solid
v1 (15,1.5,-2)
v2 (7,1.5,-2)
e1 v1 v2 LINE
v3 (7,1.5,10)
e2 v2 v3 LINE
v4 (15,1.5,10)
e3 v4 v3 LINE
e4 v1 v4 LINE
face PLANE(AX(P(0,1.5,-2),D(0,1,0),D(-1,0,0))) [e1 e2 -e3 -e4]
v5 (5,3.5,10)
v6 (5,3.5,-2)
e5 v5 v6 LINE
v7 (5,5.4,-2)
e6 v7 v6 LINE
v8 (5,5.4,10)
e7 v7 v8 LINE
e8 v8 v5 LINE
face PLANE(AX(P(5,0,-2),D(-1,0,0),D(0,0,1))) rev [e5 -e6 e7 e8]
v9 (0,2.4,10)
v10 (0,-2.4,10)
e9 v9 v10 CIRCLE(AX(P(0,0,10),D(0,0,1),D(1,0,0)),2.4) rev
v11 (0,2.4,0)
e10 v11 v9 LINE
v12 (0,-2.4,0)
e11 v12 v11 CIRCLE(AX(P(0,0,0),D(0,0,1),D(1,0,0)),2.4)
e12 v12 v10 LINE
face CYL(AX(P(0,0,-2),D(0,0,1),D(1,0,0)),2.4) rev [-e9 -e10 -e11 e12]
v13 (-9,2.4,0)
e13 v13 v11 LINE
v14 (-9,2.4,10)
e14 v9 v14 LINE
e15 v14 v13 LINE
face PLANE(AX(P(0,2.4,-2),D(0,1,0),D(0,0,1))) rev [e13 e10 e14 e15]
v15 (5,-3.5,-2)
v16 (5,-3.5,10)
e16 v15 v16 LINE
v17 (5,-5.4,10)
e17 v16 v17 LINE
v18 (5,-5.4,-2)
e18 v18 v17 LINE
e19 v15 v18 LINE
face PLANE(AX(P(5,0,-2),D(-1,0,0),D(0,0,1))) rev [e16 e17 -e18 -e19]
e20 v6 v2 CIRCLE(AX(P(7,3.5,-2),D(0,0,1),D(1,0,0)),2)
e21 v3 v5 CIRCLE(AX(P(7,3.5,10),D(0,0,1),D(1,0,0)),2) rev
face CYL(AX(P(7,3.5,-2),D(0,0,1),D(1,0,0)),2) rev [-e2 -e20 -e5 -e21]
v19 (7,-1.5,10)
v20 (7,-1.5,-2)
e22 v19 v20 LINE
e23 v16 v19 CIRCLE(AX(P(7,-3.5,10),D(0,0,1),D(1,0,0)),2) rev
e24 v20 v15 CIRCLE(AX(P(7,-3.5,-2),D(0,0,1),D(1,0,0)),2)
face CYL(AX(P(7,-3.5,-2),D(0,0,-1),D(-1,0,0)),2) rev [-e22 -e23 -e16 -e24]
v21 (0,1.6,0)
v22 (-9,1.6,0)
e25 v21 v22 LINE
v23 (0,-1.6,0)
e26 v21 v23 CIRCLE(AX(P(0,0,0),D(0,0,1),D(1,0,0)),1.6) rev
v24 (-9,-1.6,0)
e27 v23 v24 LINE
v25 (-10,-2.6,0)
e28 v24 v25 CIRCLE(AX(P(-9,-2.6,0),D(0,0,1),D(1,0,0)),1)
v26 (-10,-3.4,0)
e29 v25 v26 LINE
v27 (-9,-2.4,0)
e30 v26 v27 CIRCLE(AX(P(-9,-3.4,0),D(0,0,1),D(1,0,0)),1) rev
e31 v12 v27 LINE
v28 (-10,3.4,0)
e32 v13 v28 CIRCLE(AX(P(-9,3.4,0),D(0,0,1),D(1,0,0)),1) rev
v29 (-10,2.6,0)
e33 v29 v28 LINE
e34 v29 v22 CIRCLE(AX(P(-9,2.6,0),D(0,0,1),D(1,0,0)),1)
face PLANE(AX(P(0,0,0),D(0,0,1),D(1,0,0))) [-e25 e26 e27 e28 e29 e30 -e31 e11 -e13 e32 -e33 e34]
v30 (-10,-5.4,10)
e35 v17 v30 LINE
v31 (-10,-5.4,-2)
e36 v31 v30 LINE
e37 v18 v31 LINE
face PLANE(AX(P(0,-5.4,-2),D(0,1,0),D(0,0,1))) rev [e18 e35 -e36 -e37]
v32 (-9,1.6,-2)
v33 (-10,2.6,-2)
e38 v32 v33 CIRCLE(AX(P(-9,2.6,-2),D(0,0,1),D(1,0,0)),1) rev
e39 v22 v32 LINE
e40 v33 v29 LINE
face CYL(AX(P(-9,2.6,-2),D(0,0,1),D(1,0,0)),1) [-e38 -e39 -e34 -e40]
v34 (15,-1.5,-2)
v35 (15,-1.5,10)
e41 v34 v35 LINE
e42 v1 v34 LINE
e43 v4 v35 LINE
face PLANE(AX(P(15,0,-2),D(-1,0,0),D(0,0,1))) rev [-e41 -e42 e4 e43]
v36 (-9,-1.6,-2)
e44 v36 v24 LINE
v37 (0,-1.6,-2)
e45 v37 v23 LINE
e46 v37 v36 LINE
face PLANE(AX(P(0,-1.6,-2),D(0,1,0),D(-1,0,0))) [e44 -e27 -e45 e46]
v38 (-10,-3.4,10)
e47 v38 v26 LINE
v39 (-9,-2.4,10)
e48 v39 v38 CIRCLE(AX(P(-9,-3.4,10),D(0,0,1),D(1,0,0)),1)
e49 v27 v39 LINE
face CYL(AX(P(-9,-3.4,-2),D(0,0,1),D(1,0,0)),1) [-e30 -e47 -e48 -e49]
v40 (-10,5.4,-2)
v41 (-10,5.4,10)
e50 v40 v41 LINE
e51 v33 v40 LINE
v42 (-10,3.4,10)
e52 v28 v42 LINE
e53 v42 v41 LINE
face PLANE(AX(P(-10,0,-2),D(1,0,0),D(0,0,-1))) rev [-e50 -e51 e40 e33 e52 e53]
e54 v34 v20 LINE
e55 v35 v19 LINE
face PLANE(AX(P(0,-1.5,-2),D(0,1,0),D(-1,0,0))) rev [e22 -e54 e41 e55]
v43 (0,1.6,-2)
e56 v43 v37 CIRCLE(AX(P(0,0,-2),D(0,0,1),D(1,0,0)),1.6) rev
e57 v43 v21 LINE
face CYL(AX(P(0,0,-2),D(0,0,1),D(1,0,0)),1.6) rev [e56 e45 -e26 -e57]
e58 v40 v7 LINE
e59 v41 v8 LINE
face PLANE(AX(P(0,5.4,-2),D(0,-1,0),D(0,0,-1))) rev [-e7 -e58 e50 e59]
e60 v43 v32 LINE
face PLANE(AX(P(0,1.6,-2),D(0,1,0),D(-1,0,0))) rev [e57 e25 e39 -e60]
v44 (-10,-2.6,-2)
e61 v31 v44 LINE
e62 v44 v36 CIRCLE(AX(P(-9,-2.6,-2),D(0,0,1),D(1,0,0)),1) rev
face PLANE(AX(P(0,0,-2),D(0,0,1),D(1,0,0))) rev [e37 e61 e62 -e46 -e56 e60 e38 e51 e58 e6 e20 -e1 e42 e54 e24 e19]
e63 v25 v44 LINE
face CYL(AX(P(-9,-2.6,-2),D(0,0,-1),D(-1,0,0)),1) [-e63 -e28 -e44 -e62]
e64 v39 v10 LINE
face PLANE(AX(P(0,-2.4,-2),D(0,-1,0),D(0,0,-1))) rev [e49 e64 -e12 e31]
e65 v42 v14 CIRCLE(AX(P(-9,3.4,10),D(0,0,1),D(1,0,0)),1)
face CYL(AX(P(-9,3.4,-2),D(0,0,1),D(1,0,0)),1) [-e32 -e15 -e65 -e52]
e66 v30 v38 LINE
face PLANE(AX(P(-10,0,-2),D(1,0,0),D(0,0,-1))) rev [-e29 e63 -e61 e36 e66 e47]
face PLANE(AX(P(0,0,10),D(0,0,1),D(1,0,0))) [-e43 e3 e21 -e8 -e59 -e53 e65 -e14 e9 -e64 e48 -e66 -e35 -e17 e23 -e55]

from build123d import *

# Parameters (mm, degrees)
BOSS_EXTRUDE1_DEPTH      = 10
BOSS_EXTRUDE1_DEPTH_BACK = 2
BOSS_EXTRUDE2_DEPTH      = 2
FILLET6_R                = 1
FILLET7_R                = 1
BOSS_EXTRUDE3_DEPTH      = 10
BOSS_EXTRUDE3_DEPTH_BACK = 2
SKETCH1_5_W              = 10
SKETCH1_5_H              = 3
FILLET8_R                = 2


with BuildPart() as part:
    # Sketch1 → Boss-Extrude1 (new, two sides: drawn at the far end of the back side and taken through both)
    with BuildSketch(Plane.XY.offset(-BOSS_EXTRUDE1_DEPTH_BACK)):
        with BuildLine():
            Line((-10, 2.4), (0, 2.4))
            ThreePointArc((0, 2.4), (2.4, 0), (0, -2.4))
            Line((0, -2.4), (-10, -2.4))
            Line((-10, -2.4), (-10, -5.4))
            Line((-10, -5.4), (5, -5.4))
            Line((5, -5.4), (5, -1.5))
            Line((5, -1.5), (5, 1.5))
            Line((5, 1.5), (5, 5.4))
            Line((5, 5.4), (-10, 5.4))
            Line((-10, 5.4), (-10, 2.4))
        make_face()
    extrude(amount=BOSS_EXTRUDE1_DEPTH + BOSS_EXTRUDE1_DEPTH_BACK)

    # Sketch1<4> → Boss-Extrude2 (add)
    with BuildSketch(Plane.XY):
        with BuildLine():
            Line((-10, -1.6), (-10, -5.4))
            Line((-10, -5.4), (5, -5.4))
            Line((5, -5.4), (5, 5.4))
            Line((5, 5.4), (-10, 5.4))
            Line((-10, 5.4), (-10, 1.6))
            Line((-10, 1.6), (0, 1.6))
            ThreePointArc((0, 1.6), (1.6, 0), (0, -1.6))
            Line((0, -1.6), (-10, -1.6))
        make_face()
    extrude(amount=-BOSS_EXTRUDE2_DEPTH)

    # Fillet6
    fillet6_edges = [part.edges().sort_by_distance(p)[0] for p in [
        (-10, 2.4, 5),
        (-10, -2.4, 5),
    ]]
    fillet(fillet6_edges, radius=FILLET6_R)

    # Fillet7
    fillet7_edges = [part.edges().sort_by_distance(p)[0] for p in [
        (-10, 1.6, -1),
        (-10, -1.6, -1),
    ]]
    fillet(fillet7_edges, radius=FILLET7_R)

    # Sketch1<5> → Boss-Extrude3 (add, two sides: drawn at the far end of the back side and taken through both)
    with BuildSketch(Plane.XY.offset(-BOSS_EXTRUDE3_DEPTH_BACK)):
        with Locations((10, 0)):
            Rectangle(SKETCH1_5_W, SKETCH1_5_H)
    extrude(amount=BOSS_EXTRUDE3_DEPTH + BOSS_EXTRUDE3_DEPTH_BACK)

    # Fillet8
    fillet8_edges = [part.edges().sort_by_distance(p)[0] for p in [
        (5, -1.5, 4),
        (5, 1.5, 4),
    ]]
    fillet(fillet8_edges, radius=FILLET8_R)


solid = part.part
